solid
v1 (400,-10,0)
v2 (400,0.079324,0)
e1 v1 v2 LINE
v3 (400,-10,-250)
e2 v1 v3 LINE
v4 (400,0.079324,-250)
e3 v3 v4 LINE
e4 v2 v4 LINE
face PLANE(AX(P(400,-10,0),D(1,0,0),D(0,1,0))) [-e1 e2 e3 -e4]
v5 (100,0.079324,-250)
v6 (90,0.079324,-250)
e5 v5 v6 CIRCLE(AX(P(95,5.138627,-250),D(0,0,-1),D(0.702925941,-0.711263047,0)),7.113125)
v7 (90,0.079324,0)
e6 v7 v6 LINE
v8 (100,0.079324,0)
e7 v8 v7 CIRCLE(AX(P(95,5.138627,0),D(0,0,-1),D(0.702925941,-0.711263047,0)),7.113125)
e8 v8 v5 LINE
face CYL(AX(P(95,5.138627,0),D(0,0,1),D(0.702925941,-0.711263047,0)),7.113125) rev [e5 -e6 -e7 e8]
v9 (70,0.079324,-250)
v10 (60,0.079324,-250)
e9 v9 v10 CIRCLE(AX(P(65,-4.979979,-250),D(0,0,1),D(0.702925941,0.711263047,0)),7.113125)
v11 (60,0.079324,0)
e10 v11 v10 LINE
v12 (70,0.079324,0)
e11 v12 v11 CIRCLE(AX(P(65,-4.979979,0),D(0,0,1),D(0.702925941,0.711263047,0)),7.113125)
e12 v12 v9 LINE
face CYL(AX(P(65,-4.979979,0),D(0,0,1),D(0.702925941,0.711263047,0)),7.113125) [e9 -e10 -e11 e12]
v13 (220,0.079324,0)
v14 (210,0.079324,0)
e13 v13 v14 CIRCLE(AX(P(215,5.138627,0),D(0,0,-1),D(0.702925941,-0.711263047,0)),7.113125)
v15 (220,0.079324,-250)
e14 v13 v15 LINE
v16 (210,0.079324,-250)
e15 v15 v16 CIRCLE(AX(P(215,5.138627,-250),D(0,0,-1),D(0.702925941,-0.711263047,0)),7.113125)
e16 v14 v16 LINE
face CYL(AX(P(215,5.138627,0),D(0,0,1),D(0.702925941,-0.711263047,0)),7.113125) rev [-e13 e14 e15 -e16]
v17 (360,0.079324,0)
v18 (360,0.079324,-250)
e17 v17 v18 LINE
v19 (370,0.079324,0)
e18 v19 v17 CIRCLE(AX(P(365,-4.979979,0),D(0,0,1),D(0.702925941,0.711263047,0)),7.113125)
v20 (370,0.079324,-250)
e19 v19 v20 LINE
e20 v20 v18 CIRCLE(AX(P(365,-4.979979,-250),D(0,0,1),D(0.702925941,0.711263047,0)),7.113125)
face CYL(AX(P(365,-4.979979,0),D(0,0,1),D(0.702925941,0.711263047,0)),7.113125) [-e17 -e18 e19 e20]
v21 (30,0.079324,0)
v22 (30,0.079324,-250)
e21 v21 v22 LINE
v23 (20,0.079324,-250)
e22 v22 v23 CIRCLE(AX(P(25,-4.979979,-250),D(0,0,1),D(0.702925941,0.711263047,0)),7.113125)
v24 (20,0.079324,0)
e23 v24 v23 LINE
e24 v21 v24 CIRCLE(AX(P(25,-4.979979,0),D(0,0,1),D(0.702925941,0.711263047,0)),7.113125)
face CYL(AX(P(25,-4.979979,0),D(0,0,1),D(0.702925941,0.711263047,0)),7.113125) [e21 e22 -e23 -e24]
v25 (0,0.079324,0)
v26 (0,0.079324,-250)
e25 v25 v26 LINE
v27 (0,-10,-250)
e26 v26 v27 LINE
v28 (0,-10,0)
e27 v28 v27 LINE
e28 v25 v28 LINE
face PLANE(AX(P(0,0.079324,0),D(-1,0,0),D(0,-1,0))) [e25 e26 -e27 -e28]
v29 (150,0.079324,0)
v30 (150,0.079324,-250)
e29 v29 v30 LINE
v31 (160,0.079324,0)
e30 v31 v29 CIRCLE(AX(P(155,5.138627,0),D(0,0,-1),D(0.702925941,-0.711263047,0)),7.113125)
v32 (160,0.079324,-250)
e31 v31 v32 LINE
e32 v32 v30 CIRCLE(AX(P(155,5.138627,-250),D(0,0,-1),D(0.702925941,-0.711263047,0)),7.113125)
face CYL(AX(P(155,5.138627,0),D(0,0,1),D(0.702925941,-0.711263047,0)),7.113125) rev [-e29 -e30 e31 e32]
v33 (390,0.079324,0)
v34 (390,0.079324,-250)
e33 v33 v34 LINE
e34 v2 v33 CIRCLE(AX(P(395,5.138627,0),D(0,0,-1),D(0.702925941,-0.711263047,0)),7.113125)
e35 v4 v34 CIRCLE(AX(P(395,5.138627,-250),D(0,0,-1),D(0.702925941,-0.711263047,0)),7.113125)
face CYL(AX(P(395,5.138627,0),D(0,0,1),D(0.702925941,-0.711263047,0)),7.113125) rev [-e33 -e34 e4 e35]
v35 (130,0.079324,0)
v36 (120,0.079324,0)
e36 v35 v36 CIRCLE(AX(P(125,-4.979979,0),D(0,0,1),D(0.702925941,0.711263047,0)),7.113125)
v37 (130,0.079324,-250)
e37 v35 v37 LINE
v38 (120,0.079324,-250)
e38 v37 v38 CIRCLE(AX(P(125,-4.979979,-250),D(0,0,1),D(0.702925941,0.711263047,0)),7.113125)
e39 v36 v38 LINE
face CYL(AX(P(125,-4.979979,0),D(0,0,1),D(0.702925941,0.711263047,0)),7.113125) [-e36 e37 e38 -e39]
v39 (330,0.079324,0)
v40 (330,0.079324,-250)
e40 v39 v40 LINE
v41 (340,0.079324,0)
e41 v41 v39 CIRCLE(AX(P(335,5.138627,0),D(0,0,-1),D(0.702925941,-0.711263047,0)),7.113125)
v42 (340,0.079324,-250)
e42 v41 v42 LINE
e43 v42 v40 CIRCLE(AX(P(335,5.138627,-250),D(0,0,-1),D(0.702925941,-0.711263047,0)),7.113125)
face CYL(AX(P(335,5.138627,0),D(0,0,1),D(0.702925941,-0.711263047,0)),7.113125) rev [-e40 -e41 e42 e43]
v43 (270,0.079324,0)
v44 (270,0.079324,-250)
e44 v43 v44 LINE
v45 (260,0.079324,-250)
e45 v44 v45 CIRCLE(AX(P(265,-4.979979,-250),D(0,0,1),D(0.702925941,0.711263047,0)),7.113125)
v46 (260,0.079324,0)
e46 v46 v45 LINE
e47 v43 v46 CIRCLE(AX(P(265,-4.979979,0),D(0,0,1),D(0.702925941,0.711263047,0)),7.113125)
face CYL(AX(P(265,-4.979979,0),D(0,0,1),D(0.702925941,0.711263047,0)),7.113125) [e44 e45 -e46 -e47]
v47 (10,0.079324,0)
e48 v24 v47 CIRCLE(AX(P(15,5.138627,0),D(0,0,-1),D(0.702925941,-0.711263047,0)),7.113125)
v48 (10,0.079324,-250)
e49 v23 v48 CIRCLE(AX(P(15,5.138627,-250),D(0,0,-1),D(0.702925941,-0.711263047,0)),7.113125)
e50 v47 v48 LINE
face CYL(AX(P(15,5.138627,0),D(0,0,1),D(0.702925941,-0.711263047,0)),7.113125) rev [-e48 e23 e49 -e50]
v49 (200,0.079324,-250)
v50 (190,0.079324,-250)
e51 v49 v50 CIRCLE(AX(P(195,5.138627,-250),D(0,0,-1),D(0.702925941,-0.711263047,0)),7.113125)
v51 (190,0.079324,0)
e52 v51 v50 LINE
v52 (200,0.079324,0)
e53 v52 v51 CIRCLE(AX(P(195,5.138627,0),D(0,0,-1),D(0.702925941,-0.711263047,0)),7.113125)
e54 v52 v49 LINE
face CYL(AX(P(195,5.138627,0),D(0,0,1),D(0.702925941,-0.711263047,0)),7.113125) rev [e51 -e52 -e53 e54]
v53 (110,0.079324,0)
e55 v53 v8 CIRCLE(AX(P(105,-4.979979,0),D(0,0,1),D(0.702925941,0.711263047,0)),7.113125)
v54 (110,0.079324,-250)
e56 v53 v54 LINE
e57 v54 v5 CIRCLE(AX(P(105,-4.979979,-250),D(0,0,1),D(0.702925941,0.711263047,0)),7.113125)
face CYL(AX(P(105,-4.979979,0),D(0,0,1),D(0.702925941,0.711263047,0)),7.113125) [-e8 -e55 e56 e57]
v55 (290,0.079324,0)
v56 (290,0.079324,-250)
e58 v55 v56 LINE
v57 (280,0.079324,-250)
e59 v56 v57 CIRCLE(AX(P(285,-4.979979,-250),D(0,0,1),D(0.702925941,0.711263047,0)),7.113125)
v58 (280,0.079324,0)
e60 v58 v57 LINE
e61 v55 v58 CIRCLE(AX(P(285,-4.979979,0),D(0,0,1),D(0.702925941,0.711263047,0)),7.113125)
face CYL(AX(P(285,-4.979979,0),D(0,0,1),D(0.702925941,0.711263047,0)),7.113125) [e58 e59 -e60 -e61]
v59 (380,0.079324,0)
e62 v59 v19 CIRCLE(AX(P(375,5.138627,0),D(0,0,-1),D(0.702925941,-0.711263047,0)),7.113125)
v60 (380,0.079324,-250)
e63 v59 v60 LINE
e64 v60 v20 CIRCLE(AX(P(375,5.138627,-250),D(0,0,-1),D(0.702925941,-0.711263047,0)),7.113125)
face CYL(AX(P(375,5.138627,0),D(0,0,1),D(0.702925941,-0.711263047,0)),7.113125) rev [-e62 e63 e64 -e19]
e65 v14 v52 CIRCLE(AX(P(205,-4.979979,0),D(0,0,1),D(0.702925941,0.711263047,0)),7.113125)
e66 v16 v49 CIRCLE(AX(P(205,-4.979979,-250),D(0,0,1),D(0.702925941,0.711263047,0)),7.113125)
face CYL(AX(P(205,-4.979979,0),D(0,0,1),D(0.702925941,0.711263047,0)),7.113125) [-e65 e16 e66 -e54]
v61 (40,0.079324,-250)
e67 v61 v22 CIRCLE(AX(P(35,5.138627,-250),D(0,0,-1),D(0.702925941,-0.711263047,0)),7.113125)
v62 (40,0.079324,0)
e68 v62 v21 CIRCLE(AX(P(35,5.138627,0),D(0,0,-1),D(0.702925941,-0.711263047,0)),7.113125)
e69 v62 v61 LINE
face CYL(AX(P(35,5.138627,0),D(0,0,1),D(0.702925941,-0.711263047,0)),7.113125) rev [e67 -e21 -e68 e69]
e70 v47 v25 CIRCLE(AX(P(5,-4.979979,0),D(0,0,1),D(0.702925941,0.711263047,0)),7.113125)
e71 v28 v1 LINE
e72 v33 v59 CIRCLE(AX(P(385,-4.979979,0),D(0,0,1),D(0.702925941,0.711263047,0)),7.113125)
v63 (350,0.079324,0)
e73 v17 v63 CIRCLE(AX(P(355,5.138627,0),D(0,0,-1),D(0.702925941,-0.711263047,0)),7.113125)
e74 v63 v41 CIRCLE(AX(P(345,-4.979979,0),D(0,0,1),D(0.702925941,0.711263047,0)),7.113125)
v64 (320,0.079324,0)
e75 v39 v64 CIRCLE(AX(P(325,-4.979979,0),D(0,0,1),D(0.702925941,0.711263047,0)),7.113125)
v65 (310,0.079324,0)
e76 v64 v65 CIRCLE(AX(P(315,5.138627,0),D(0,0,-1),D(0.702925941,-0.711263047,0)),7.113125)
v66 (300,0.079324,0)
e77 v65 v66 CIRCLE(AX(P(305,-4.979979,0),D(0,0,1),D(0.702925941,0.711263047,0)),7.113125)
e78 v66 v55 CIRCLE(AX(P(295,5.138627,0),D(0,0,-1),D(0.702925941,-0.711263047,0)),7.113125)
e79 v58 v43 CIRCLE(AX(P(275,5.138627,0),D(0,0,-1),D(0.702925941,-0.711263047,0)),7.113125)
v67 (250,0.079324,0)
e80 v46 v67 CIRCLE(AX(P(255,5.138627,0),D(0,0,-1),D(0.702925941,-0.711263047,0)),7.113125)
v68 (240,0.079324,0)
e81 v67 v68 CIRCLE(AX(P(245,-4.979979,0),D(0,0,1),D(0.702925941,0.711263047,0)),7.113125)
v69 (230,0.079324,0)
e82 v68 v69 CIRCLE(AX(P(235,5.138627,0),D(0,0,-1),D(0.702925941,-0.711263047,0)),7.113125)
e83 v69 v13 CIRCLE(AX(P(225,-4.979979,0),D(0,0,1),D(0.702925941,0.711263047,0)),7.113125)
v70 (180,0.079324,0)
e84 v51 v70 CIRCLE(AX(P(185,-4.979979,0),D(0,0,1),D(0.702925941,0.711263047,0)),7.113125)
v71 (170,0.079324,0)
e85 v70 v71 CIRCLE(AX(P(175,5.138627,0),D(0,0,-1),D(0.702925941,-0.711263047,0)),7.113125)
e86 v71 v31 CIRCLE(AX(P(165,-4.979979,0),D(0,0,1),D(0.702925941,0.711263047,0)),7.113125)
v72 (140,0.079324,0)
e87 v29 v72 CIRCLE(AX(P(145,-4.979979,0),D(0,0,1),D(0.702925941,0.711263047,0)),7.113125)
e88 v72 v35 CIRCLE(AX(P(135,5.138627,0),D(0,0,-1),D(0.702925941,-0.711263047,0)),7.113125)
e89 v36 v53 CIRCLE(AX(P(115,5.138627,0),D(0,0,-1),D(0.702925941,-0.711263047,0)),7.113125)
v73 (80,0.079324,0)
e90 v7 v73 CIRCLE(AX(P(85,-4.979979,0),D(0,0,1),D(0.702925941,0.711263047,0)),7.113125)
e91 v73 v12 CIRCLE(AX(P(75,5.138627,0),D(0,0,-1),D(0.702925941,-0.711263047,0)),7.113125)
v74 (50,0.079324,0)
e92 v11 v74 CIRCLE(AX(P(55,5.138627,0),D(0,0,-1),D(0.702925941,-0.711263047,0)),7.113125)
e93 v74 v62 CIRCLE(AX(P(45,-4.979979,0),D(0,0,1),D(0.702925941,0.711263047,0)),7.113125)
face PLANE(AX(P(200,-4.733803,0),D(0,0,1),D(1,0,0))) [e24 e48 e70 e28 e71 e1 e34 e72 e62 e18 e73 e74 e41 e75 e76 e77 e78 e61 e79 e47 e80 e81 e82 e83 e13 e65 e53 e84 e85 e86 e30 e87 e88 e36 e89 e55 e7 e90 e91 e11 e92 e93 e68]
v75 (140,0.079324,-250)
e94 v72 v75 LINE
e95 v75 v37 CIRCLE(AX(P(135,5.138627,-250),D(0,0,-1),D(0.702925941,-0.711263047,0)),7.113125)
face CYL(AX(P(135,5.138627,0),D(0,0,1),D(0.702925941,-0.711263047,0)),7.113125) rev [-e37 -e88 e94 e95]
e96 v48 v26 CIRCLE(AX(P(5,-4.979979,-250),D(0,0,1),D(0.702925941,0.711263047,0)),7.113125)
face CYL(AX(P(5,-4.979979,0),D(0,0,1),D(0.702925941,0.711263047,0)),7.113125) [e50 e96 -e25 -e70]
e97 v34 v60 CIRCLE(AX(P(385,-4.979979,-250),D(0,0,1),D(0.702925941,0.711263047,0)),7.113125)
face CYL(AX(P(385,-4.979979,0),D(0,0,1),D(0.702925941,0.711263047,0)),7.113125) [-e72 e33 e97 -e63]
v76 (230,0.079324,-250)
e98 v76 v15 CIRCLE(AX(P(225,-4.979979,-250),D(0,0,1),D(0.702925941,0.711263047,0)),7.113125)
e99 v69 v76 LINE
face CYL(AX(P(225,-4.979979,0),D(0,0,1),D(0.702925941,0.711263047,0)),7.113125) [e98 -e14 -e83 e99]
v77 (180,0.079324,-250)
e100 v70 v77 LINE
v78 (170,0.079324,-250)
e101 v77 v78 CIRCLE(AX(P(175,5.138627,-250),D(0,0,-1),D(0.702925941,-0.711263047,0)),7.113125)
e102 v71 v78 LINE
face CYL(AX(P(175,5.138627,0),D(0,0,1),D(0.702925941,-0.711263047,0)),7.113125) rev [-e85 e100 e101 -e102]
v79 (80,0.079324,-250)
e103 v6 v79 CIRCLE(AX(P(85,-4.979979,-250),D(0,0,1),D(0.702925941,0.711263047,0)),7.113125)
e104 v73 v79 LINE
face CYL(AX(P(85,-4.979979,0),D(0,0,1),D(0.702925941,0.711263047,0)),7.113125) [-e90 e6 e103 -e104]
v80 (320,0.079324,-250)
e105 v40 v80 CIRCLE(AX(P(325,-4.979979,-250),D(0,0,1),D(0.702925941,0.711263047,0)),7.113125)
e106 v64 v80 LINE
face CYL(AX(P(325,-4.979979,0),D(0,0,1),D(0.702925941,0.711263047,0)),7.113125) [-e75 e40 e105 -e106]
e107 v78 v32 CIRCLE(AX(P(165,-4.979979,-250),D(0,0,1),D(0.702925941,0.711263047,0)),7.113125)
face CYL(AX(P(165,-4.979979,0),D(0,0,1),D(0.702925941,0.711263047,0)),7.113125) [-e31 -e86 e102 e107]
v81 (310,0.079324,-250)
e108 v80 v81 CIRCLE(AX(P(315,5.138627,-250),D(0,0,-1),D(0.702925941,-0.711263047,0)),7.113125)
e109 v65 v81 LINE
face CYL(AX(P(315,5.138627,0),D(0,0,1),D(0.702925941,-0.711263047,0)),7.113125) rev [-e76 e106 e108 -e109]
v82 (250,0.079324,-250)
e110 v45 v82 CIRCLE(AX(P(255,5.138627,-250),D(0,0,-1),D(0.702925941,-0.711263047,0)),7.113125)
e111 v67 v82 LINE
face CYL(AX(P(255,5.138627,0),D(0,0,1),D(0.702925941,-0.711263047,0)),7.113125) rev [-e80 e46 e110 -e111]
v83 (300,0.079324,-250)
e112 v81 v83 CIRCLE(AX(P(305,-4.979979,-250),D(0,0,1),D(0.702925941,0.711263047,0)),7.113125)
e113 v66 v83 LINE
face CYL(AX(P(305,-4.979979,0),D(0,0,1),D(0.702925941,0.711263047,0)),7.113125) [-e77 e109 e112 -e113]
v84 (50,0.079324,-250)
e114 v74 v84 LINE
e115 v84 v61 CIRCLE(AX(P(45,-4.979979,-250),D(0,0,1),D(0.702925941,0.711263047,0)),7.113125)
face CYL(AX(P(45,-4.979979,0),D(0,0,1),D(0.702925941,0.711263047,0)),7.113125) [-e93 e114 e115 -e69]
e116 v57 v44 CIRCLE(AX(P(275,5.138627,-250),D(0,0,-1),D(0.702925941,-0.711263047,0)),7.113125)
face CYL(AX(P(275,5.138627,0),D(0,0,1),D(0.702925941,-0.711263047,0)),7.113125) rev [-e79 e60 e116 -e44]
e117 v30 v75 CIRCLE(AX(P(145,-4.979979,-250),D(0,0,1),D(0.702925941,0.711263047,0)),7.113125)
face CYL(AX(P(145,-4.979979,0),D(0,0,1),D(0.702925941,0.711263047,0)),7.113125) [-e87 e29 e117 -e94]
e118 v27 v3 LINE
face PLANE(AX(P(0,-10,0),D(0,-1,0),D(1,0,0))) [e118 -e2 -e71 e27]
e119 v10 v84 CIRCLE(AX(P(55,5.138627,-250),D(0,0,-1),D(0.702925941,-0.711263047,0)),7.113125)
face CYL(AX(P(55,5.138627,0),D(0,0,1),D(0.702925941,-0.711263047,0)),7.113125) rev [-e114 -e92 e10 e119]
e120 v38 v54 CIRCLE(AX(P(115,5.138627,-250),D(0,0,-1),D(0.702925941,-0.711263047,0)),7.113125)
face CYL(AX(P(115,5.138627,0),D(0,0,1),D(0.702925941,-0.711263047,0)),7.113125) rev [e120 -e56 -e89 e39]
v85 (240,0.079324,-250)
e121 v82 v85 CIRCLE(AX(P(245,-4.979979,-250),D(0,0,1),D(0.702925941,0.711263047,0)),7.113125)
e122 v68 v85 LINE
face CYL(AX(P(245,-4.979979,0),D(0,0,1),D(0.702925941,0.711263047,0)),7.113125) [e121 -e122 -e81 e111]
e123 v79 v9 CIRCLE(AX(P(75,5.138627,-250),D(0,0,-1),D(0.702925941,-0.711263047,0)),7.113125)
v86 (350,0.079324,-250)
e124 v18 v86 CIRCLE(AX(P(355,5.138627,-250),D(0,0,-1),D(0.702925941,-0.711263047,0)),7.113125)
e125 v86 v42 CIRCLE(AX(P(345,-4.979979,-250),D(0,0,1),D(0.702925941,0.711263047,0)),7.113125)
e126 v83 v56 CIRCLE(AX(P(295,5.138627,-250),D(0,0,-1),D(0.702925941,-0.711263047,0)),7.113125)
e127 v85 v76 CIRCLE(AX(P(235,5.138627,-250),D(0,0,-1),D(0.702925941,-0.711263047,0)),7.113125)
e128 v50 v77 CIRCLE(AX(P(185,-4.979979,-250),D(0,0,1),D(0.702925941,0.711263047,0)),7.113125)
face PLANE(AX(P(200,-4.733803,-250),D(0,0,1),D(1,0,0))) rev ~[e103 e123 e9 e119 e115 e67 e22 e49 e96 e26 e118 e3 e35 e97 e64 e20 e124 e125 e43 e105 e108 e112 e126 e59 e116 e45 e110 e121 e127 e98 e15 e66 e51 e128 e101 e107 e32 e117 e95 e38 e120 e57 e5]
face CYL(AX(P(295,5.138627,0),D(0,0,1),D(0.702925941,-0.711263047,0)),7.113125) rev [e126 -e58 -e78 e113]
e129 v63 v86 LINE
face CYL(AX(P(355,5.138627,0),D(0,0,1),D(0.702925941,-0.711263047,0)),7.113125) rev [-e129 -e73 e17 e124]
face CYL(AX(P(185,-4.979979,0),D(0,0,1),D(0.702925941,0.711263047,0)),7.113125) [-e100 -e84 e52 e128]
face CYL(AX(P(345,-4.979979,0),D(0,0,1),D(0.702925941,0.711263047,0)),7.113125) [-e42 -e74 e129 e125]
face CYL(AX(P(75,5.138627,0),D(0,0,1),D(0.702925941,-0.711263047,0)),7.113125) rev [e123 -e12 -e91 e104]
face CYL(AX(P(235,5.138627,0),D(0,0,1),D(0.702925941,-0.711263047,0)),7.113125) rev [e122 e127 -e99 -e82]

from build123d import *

# Parameters (mm, degrees)
BOSS_EXTRUDE1_DEPTH = 250


with BuildPart() as part:
    # Sketch1 → Boss-Extrude1 (new body)
    with BuildSketch(Plane.XY):
        with BuildLine():
            Line((0, 0.079324087), (0, -10))
            Line((0, -10), (400, -10))
            Line((400, -10), (400, 0.079324087))
            ThreePointArc((400, 0.079324087), (395, -1.974497919), (390, 0.079324087))
            ThreePointArc((390, 0.079324087), (385, 2.133146093), (380, 0.079324087))
            ThreePointArc((380, 0.079324087), (375, -1.974497919), (370, 0.079324087))
            ThreePointArc((370, 0.079324087), (365, 2.133146093), (360, 0.079324087))
            ThreePointArc((360, 0.079324087), (355, -1.974497919), (350, 0.079324087))
            ThreePointArc((350, 0.079324087), (345, 2.133146093), (340, 0.079324087))
            ThreePointArc((340, 0.079324087), (335, -1.974497919), (330, 0.079324087))
            ThreePointArc((330, 0.079324087), (325, 2.133146093), (320, 0.079324087))
            ThreePointArc((320, 0.079324087), (315, -1.974497919), (310, 0.079324087))
            ThreePointArc((310, 0.079324087), (305, 2.133146093), (300, 0.079324087))
            ThreePointArc((300, 0.079324087), (295, -1.974497919), (290, 0.079324087))
            ThreePointArc((290, 0.079324087), (285, 2.133146093), (280, 0.079324087))
            ThreePointArc((280, 0.079324087), (275, -1.974497919), (270, 0.079324087))
            ThreePointArc((270, 0.079324087), (265, 2.133146093), (260, 0.079324087))
            ThreePointArc((260, 0.079324087), (255, -1.974497919), (250, 0.079324087))
            ThreePointArc((250, 0.079324087), (245, 2.133146093), (240, 0.079324087))
            ThreePointArc((240, 0.079324087), (235, -1.974497919), (230, 0.079324087))
            ThreePointArc((230, 0.079324087), (225, 2.133146093), (220, 0.079324087))
            ThreePointArc((220, 0.079324087), (215, -1.974497919), (210, 0.079324087))
            ThreePointArc((210, 0.079324087), (205, 2.133146093), (200, 0.079324087))
            ThreePointArc((200, 0.079324087), (195, -1.974497919), (190, 0.079324087))
            ThreePointArc((190, 0.079324087), (185, 2.133146093), (180, 0.079324087))
            ThreePointArc((180, 0.079324087), (175, -1.974497919), (170, 0.079324087))
            ThreePointArc((170, 0.079324087), (165, 2.133146093), (160, 0.079324087))
            ThreePointArc((160, 0.079324087), (155, -1.974497919), (150, 0.079324087))
            ThreePointArc((150, 0.079324087), (145, 2.133146093), (140, 0.079324087))
            ThreePointArc((140, 0.079324087), (135, -1.974497919), (130, 0.079324087))
            ThreePointArc((130, 0.079324087), (125, 2.133146093), (120, 0.079324087))
            ThreePointArc((120, 0.079324087), (115, -1.974497919), (110, 0.079324087))
            ThreePointArc((110, 0.079324087), (105, 2.133146093), (100, 0.079324087))
            ThreePointArc((100, 0.079324087), (95, -1.974497919), (90, 0.079324087))
            ThreePointArc((90, 0.079324087), (85, 2.133146093), (80, 0.079324087))
            ThreePointArc((80, 0.079324087), (75, -1.974497919), (70, 0.079324087))
            ThreePointArc((70, 0.079324087), (65, 2.133146093), (60, 0.079324087))
            ThreePointArc((60, 0.079324087), (55, -1.974497919), (50, 0.079324087))
            ThreePointArc((50, 0.079324087), (45, 2.133146093), (40, 0.079324087))
            ThreePointArc((40, 0.079324087), (35, -1.974497919), (30, 0.079324087))
            ThreePointArc((30, 0.079324087), (25, 2.133146093), (20, 0.079324087))
            ThreePointArc((20, 0.079324087), (15, -1.974497919), (10, 0.079324087))
            ThreePointArc((10, 0.079324087), (5, 2.133146093), (0, 0.079324087))
        make_face()
    extrude(amount=-BOSS_EXTRUDE1_DEPTH)


solid = part.part
